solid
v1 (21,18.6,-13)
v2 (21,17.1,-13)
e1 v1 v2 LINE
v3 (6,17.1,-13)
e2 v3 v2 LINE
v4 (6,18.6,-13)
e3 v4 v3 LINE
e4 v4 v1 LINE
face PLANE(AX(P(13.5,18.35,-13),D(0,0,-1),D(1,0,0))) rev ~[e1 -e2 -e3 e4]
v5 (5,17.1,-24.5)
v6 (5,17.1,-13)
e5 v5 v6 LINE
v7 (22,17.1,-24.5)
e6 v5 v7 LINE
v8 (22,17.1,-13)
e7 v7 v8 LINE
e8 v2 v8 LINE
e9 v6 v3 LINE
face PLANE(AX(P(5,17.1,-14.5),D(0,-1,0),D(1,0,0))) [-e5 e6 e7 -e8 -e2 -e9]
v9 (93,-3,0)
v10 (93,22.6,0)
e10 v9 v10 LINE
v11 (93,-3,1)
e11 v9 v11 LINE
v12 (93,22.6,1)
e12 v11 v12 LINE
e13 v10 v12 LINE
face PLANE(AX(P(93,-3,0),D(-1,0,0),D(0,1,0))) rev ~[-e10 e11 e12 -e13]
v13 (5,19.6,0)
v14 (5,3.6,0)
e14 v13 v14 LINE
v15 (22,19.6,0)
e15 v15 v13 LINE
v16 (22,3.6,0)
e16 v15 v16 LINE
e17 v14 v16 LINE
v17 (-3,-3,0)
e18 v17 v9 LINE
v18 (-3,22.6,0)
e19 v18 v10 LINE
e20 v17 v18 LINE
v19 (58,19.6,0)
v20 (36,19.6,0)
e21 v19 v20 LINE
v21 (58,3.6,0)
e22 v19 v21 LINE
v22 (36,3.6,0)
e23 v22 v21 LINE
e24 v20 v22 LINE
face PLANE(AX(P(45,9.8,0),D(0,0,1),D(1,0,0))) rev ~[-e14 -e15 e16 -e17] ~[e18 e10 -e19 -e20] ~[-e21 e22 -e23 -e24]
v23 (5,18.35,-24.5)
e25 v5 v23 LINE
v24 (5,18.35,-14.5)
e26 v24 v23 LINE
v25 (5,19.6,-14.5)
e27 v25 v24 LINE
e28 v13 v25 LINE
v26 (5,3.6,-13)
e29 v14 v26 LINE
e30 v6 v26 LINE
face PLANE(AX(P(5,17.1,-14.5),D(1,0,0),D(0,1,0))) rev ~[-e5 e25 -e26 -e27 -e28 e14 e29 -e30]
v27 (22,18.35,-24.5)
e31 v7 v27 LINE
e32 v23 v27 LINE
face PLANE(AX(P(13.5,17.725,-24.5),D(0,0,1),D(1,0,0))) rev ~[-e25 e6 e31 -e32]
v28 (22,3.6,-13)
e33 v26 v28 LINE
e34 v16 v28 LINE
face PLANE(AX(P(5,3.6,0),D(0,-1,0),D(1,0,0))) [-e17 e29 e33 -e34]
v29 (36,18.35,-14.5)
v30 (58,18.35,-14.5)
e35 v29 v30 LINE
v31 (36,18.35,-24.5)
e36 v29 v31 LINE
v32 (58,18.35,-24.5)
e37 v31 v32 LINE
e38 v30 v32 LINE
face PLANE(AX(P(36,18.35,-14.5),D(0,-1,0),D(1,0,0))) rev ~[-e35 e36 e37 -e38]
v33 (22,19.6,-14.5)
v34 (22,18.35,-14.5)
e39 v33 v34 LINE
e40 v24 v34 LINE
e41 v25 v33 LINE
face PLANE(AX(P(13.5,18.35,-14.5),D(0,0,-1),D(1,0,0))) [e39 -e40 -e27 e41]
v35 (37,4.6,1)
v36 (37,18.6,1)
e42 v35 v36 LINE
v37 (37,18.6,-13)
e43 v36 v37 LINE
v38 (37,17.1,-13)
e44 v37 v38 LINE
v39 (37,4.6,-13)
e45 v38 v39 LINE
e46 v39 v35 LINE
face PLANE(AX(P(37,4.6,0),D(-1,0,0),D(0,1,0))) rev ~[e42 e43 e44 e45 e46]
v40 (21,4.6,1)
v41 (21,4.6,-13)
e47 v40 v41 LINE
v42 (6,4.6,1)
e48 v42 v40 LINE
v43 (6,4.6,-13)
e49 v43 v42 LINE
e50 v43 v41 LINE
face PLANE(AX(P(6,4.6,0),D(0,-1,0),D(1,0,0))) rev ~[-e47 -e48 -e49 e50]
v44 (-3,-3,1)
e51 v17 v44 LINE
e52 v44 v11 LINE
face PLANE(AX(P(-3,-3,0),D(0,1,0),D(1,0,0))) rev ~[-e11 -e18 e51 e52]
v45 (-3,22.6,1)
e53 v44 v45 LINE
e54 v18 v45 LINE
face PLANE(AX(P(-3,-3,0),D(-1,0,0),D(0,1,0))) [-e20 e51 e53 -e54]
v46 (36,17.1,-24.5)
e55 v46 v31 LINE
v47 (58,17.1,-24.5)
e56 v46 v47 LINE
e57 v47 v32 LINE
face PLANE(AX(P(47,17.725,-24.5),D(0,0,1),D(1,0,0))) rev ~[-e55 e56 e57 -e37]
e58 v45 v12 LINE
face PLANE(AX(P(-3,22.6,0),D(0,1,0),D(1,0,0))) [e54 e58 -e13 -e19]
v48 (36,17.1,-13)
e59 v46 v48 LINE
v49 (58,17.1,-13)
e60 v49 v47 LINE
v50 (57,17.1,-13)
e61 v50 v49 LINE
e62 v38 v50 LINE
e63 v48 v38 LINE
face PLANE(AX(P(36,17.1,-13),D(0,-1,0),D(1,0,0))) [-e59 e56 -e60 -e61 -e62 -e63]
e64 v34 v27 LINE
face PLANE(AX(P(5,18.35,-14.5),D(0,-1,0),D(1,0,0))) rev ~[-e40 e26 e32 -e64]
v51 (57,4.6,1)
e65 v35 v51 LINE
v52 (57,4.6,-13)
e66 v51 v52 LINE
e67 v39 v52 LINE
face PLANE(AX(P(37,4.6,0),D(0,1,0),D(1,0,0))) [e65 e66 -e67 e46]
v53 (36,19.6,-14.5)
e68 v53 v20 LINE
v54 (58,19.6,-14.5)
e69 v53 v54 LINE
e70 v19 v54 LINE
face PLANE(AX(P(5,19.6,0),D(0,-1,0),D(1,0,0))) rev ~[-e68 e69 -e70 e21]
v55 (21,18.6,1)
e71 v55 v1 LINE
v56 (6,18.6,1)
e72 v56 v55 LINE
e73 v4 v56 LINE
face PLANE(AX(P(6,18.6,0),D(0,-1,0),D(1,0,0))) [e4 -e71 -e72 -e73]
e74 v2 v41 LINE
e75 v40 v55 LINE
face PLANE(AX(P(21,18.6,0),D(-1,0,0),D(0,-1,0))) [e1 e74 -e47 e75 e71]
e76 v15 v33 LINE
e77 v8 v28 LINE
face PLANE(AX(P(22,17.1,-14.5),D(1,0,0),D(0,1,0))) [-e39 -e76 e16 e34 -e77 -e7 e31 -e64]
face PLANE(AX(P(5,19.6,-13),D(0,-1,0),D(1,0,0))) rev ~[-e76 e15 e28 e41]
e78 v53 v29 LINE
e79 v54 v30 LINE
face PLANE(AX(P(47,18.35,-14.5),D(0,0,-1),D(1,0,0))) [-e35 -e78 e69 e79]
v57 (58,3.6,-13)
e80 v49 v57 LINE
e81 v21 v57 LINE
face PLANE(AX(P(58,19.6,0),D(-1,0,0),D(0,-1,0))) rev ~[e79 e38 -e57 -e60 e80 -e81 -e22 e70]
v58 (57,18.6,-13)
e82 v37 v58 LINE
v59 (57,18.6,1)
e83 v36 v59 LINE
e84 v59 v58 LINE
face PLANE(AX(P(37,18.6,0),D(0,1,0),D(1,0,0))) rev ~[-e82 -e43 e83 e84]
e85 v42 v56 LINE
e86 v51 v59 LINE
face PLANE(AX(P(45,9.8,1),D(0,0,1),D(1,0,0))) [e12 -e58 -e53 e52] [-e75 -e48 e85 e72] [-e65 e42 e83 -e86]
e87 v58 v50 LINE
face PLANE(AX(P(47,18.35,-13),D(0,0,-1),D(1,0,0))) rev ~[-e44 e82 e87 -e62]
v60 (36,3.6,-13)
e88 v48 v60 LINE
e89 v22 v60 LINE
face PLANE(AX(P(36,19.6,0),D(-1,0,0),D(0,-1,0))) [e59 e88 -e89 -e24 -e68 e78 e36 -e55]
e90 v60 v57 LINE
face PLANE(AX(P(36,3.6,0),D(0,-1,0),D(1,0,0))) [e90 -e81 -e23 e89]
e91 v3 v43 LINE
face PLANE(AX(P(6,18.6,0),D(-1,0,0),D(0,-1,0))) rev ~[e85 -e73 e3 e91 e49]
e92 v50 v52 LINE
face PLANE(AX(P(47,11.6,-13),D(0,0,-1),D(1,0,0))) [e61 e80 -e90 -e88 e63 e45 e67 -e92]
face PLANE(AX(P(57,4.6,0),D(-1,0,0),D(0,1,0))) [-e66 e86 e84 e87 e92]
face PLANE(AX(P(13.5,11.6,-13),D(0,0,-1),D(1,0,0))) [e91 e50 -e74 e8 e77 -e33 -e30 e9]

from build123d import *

# Parameters (mm, degrees)
F0_W      = 90
F0_H      = 19.6
F0_W_2    = 15
F0_H_2    = 14
F0_W_3    = 20
F1_DEPTH  = 1
F2_W      = 17
F2_H      = 16
F2_W_2    = 15
F2_H_2    = 14
F2_W_3    = 22
F2_W_4    = 20
F3_DEPTH  = 13
F4_W      = 96
F4_H      = 25.6
F4_W_2    = 15
F4_H_2    = 14
F4_W_3    = 20
F5_DEPTH  = 1
F6_W      = 17
F6_H      = 2.5
F7_W      = 22
F7_H      = 2.5
F8_DEPTH  = 1.5
F10_W     = 17
F10_H     = 1.25
F10_W_2   = 22
F11_DEPTH = 10


with BuildPart() as f1:
    # F0 (on Top) → F1 (new body)
    with BuildSketch(Plane.XY):
        with Locations((45, 9.8)):
            Rectangle(F0_W, F0_H)
        with Locations((13.5, 11.6)):
            Rectangle(F0_W_2, F0_H_2, mode=Mode.SUBTRACT)
        with Locations((47, 11.6)):
            Rectangle(F0_W_3, F0_H_2, mode=Mode.SUBTRACT)
    extrude(amount=F1_DEPTH)

    # F2 (on face) → F3 (join)
    with BuildSketch(Plane(origin=(0, 0, 0), x_dir=(1, 0, 0), z_dir=(0, 0, -1))):
        with Locations((13.5, -11.6)):
            Rectangle(F2_W, F2_H)
        with Locations((13.5, -11.6)):
            Rectangle(F2_W_2, F2_H_2, mode=Mode.SUBTRACT)
        with Locations((47, -11.6)):
            Rectangle(F2_W_3, F2_H)
        with Locations((47, -11.6)):
            Rectangle(F2_W_4, F2_H_2, mode=Mode.SUBTRACT)
    extrude(amount=F3_DEPTH)

    # F4 (on Top) → F5 (join, through all)
    with BuildSketch(Plane.XY):
        with Locations((45, 9.8)):
            Rectangle(F4_W, F4_H)
        with Locations((13.5, 11.6)):
            Rectangle(F4_W_2, F4_H_2, mode=Mode.SUBTRACT)
        with Locations((47, 11.6)):
            Rectangle(F4_W_3, F4_H_2, mode=Mode.SUBTRACT)
    extrude(amount=F5_DEPTH)

    # F6 (on face) + F7 (on face) → F8 (join)
    with BuildSketch(Plane(origin=(0, 0, -13), x_dir=(1, 0, 0), z_dir=(0, 0, -1))):
        with Locations((13.5, -18.35)):
            Rectangle(F6_W, F6_H)
    with BuildSketch(Plane(origin=(0, 0, -13), x_dir=(1, 0, 0), z_dir=(0, 0, -1))):
        with Locations((47, -18.35)):
            Rectangle(F7_W, F7_H)
    extrude(amount=F8_DEPTH)

    # F10 (on 3pt) → F11 (join)
    with BuildSketch(Plane.XY.offset(-14.5)):
        with Locations((13.5, 17.725)):
            Rectangle(F10_W, F10_H)
        with Locations((47, 17.725)):
            Rectangle(F10_W_2, F10_H)
    extrude(amount=-F11_DEPTH)


solid = f1.part
